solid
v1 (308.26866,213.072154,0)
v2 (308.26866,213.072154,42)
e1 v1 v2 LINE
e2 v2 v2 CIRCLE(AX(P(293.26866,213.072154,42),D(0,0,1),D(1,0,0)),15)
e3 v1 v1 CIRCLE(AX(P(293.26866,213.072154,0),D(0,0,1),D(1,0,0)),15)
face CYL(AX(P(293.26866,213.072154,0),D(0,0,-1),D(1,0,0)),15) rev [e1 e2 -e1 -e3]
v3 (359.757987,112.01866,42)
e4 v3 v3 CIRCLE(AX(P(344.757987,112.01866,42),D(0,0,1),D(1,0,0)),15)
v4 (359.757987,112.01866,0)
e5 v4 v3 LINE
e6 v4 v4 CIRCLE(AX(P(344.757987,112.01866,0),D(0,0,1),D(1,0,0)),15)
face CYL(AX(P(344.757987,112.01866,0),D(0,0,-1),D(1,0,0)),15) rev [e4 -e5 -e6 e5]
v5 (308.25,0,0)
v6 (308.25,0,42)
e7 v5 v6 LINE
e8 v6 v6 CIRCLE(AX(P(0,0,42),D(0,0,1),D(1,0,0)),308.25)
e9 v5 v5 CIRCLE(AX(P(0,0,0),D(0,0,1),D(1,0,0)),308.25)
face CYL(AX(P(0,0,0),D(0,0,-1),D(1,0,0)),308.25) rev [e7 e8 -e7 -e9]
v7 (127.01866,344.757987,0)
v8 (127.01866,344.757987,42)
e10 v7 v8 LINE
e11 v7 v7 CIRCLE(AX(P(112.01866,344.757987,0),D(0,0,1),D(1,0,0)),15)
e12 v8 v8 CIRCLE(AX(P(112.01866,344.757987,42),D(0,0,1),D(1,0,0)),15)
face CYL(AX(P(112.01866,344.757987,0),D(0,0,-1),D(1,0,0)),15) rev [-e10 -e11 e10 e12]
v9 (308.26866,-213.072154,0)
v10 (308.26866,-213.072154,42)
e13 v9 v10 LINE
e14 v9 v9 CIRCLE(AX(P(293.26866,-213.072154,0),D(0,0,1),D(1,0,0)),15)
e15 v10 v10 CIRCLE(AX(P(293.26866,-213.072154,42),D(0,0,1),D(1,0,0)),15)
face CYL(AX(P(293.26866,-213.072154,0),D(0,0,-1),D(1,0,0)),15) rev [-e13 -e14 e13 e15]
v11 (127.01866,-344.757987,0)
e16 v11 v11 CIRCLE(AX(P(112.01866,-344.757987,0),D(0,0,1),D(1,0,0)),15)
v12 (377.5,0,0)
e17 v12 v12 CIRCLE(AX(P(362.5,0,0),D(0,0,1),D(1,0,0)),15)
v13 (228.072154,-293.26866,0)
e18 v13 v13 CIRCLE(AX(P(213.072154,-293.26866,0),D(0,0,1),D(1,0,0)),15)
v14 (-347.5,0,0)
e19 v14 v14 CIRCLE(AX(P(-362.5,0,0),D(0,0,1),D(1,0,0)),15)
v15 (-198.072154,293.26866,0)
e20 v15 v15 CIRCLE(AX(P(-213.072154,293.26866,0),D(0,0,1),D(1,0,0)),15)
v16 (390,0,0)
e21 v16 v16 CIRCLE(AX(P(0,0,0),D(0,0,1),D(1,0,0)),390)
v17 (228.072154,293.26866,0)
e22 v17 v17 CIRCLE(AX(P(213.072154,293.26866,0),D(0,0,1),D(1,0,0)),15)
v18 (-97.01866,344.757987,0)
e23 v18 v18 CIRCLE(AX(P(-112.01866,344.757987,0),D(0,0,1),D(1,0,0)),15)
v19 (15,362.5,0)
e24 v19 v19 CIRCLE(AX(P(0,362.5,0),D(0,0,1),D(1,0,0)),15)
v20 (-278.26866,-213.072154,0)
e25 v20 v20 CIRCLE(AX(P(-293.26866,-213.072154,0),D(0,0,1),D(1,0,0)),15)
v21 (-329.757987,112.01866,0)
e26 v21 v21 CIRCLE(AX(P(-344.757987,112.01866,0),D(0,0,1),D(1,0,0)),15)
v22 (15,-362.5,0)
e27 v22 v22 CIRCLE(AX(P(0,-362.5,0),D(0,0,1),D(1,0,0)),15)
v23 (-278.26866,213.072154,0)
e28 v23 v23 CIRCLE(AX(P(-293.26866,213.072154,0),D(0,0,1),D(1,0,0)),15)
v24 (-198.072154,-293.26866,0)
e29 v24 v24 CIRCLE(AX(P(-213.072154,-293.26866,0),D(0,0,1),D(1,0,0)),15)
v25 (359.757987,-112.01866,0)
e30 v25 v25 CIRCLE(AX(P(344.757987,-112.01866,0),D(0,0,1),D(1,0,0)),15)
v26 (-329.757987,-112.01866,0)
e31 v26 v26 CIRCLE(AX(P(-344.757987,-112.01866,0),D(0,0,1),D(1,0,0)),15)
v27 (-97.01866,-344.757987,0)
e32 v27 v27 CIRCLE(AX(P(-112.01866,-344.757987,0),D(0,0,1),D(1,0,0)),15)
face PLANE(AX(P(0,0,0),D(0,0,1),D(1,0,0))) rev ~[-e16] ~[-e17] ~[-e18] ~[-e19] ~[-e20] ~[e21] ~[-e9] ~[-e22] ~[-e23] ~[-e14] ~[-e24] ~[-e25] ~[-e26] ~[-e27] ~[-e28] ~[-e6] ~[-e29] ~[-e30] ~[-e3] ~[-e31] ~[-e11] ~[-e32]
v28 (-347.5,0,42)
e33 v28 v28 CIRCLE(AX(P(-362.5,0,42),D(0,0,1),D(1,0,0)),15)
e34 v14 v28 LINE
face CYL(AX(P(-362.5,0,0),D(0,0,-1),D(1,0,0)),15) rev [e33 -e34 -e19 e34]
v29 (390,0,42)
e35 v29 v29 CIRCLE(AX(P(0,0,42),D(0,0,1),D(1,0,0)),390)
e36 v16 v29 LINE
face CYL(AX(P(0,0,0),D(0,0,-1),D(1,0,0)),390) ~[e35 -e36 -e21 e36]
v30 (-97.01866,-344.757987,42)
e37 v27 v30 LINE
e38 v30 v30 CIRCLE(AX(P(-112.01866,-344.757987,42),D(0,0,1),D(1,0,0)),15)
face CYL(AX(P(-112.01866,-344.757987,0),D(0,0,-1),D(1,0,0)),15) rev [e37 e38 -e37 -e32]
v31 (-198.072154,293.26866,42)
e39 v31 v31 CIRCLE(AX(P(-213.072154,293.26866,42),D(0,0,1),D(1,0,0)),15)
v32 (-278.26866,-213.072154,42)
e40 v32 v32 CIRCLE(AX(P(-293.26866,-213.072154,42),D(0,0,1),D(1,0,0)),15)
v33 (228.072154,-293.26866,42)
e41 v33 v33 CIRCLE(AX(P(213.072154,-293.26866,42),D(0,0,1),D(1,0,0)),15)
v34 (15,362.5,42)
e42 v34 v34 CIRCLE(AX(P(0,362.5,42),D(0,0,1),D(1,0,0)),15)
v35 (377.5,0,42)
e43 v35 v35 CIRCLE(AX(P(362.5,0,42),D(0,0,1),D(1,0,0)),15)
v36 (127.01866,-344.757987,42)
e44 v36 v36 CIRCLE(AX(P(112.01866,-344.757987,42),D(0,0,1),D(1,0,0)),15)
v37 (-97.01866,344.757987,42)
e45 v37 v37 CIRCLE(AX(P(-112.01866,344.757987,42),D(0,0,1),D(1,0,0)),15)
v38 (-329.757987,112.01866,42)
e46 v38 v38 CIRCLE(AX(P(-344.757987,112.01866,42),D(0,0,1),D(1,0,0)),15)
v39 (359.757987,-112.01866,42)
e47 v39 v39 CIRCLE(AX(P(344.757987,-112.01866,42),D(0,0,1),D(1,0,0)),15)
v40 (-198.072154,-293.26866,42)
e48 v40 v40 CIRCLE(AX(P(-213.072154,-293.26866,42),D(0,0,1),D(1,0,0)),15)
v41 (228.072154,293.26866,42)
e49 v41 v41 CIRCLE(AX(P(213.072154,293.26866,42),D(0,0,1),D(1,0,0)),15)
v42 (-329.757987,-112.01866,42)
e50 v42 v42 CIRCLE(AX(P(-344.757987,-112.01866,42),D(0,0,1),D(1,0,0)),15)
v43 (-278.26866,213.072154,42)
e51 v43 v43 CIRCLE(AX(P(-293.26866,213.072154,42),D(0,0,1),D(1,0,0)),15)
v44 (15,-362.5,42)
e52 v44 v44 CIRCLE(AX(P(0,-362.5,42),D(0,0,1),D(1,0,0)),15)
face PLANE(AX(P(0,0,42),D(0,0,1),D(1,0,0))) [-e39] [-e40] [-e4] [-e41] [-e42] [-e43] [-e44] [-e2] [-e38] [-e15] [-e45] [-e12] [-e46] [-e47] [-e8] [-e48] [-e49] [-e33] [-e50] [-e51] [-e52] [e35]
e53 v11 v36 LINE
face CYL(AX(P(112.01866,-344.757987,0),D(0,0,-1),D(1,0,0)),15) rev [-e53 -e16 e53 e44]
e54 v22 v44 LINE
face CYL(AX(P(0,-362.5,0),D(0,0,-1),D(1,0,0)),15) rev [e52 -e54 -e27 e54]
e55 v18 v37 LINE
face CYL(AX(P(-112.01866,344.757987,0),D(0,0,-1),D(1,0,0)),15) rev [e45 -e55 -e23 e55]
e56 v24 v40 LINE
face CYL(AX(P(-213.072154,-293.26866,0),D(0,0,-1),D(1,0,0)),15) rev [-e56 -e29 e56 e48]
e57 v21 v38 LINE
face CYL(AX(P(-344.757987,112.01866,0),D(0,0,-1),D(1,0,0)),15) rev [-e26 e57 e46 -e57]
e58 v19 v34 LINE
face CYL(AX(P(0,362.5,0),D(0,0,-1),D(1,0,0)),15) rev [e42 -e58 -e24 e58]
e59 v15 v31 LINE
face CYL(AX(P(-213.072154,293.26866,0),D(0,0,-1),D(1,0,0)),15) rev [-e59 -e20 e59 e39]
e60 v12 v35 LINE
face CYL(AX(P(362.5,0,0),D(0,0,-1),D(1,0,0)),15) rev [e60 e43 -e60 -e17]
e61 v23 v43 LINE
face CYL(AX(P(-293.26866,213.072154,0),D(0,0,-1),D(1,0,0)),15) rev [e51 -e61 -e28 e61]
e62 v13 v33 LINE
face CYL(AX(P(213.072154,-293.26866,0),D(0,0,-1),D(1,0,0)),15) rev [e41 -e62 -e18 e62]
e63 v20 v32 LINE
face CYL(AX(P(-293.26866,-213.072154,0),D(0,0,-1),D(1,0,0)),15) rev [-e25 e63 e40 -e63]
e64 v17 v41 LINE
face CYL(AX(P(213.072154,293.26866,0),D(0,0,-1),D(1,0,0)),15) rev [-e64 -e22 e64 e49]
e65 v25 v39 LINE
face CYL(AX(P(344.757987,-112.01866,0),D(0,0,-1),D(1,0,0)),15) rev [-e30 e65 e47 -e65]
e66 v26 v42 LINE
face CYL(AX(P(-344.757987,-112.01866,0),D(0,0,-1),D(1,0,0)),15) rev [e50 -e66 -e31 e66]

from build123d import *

# Parameters (mm, degrees)
F0_R     = 390
F0_R_2   = 15
F0_R_3   = 308.25
F1_DEPTH = 42


with BuildPart() as f1:
    # F0 (on Top) → F1 (new body)
    with BuildSketch(Plane.XY):
        Circle(F0_R)
        with Locations((-213.072154, -293.26866)):
            Circle(F0_R_2, mode=Mode.SUBTRACT)
        with Locations((-293.26866, -213.072154)):
            Circle(F0_R_2, mode=Mode.SUBTRACT)
        with Locations((-112.01866, -344.757987)):
            Circle(F0_R_2, mode=Mode.SUBTRACT)
        with Locations((-344.757987, -112.01866)):
            Circle(F0_R_2, mode=Mode.SUBTRACT)
        with Locations((0, -362.5)):
            Circle(F0_R_2, mode=Mode.SUBTRACT)
        with Locations((112.01866, -344.757987)):
            Circle(F0_R_2, mode=Mode.SUBTRACT)
        with Locations((213.072154, -293.26866)):
            Circle(F0_R_2, mode=Mode.SUBTRACT)
        with Locations((293.26866, -213.072154)):
            Circle(F0_R_2, mode=Mode.SUBTRACT)
        with Locations((344.757987, -112.01866)):
            Circle(F0_R_2, mode=Mode.SUBTRACT)
        with Locations((-362.5, 0)):
            Circle(F0_R_2, mode=Mode.SUBTRACT)
        with Locations((-344.757987, 112.01866)):
            Circle(F0_R_2, mode=Mode.SUBTRACT)
        with Locations((-293.26866, 213.072154)):
            Circle(F0_R_2, mode=Mode.SUBTRACT)
        with Locations((-213.072154, 293.26866)):
            Circle(F0_R_2, mode=Mode.SUBTRACT)
        with Locations((-112.01866, 344.757987)):
            Circle(F0_R_2, mode=Mode.SUBTRACT)
        Circle(F0_R_3, mode=Mode.SUBTRACT)
        with Locations((362.5, 0)):
            Circle(F0_R_2, mode=Mode.SUBTRACT)
        with Locations((344.757987, 112.01866)):
            Circle(F0_R_2, mode=Mode.SUBTRACT)
        with Locations((0, 362.5)):
            Circle(F0_R_2, mode=Mode.SUBTRACT)
        with Locations((112.01866, 344.757987)):
            Circle(F0_R_2, mode=Mode.SUBTRACT)
        with Locations((293.26866, 213.072154)):
            Circle(F0_R_2, mode=Mode.SUBTRACT)
        with Locations((213.072154, 293.26866)):
            Circle(F0_R_2, mode=Mode.SUBTRACT)
    extrude(amount=F1_DEPTH)


solid = f1.part
